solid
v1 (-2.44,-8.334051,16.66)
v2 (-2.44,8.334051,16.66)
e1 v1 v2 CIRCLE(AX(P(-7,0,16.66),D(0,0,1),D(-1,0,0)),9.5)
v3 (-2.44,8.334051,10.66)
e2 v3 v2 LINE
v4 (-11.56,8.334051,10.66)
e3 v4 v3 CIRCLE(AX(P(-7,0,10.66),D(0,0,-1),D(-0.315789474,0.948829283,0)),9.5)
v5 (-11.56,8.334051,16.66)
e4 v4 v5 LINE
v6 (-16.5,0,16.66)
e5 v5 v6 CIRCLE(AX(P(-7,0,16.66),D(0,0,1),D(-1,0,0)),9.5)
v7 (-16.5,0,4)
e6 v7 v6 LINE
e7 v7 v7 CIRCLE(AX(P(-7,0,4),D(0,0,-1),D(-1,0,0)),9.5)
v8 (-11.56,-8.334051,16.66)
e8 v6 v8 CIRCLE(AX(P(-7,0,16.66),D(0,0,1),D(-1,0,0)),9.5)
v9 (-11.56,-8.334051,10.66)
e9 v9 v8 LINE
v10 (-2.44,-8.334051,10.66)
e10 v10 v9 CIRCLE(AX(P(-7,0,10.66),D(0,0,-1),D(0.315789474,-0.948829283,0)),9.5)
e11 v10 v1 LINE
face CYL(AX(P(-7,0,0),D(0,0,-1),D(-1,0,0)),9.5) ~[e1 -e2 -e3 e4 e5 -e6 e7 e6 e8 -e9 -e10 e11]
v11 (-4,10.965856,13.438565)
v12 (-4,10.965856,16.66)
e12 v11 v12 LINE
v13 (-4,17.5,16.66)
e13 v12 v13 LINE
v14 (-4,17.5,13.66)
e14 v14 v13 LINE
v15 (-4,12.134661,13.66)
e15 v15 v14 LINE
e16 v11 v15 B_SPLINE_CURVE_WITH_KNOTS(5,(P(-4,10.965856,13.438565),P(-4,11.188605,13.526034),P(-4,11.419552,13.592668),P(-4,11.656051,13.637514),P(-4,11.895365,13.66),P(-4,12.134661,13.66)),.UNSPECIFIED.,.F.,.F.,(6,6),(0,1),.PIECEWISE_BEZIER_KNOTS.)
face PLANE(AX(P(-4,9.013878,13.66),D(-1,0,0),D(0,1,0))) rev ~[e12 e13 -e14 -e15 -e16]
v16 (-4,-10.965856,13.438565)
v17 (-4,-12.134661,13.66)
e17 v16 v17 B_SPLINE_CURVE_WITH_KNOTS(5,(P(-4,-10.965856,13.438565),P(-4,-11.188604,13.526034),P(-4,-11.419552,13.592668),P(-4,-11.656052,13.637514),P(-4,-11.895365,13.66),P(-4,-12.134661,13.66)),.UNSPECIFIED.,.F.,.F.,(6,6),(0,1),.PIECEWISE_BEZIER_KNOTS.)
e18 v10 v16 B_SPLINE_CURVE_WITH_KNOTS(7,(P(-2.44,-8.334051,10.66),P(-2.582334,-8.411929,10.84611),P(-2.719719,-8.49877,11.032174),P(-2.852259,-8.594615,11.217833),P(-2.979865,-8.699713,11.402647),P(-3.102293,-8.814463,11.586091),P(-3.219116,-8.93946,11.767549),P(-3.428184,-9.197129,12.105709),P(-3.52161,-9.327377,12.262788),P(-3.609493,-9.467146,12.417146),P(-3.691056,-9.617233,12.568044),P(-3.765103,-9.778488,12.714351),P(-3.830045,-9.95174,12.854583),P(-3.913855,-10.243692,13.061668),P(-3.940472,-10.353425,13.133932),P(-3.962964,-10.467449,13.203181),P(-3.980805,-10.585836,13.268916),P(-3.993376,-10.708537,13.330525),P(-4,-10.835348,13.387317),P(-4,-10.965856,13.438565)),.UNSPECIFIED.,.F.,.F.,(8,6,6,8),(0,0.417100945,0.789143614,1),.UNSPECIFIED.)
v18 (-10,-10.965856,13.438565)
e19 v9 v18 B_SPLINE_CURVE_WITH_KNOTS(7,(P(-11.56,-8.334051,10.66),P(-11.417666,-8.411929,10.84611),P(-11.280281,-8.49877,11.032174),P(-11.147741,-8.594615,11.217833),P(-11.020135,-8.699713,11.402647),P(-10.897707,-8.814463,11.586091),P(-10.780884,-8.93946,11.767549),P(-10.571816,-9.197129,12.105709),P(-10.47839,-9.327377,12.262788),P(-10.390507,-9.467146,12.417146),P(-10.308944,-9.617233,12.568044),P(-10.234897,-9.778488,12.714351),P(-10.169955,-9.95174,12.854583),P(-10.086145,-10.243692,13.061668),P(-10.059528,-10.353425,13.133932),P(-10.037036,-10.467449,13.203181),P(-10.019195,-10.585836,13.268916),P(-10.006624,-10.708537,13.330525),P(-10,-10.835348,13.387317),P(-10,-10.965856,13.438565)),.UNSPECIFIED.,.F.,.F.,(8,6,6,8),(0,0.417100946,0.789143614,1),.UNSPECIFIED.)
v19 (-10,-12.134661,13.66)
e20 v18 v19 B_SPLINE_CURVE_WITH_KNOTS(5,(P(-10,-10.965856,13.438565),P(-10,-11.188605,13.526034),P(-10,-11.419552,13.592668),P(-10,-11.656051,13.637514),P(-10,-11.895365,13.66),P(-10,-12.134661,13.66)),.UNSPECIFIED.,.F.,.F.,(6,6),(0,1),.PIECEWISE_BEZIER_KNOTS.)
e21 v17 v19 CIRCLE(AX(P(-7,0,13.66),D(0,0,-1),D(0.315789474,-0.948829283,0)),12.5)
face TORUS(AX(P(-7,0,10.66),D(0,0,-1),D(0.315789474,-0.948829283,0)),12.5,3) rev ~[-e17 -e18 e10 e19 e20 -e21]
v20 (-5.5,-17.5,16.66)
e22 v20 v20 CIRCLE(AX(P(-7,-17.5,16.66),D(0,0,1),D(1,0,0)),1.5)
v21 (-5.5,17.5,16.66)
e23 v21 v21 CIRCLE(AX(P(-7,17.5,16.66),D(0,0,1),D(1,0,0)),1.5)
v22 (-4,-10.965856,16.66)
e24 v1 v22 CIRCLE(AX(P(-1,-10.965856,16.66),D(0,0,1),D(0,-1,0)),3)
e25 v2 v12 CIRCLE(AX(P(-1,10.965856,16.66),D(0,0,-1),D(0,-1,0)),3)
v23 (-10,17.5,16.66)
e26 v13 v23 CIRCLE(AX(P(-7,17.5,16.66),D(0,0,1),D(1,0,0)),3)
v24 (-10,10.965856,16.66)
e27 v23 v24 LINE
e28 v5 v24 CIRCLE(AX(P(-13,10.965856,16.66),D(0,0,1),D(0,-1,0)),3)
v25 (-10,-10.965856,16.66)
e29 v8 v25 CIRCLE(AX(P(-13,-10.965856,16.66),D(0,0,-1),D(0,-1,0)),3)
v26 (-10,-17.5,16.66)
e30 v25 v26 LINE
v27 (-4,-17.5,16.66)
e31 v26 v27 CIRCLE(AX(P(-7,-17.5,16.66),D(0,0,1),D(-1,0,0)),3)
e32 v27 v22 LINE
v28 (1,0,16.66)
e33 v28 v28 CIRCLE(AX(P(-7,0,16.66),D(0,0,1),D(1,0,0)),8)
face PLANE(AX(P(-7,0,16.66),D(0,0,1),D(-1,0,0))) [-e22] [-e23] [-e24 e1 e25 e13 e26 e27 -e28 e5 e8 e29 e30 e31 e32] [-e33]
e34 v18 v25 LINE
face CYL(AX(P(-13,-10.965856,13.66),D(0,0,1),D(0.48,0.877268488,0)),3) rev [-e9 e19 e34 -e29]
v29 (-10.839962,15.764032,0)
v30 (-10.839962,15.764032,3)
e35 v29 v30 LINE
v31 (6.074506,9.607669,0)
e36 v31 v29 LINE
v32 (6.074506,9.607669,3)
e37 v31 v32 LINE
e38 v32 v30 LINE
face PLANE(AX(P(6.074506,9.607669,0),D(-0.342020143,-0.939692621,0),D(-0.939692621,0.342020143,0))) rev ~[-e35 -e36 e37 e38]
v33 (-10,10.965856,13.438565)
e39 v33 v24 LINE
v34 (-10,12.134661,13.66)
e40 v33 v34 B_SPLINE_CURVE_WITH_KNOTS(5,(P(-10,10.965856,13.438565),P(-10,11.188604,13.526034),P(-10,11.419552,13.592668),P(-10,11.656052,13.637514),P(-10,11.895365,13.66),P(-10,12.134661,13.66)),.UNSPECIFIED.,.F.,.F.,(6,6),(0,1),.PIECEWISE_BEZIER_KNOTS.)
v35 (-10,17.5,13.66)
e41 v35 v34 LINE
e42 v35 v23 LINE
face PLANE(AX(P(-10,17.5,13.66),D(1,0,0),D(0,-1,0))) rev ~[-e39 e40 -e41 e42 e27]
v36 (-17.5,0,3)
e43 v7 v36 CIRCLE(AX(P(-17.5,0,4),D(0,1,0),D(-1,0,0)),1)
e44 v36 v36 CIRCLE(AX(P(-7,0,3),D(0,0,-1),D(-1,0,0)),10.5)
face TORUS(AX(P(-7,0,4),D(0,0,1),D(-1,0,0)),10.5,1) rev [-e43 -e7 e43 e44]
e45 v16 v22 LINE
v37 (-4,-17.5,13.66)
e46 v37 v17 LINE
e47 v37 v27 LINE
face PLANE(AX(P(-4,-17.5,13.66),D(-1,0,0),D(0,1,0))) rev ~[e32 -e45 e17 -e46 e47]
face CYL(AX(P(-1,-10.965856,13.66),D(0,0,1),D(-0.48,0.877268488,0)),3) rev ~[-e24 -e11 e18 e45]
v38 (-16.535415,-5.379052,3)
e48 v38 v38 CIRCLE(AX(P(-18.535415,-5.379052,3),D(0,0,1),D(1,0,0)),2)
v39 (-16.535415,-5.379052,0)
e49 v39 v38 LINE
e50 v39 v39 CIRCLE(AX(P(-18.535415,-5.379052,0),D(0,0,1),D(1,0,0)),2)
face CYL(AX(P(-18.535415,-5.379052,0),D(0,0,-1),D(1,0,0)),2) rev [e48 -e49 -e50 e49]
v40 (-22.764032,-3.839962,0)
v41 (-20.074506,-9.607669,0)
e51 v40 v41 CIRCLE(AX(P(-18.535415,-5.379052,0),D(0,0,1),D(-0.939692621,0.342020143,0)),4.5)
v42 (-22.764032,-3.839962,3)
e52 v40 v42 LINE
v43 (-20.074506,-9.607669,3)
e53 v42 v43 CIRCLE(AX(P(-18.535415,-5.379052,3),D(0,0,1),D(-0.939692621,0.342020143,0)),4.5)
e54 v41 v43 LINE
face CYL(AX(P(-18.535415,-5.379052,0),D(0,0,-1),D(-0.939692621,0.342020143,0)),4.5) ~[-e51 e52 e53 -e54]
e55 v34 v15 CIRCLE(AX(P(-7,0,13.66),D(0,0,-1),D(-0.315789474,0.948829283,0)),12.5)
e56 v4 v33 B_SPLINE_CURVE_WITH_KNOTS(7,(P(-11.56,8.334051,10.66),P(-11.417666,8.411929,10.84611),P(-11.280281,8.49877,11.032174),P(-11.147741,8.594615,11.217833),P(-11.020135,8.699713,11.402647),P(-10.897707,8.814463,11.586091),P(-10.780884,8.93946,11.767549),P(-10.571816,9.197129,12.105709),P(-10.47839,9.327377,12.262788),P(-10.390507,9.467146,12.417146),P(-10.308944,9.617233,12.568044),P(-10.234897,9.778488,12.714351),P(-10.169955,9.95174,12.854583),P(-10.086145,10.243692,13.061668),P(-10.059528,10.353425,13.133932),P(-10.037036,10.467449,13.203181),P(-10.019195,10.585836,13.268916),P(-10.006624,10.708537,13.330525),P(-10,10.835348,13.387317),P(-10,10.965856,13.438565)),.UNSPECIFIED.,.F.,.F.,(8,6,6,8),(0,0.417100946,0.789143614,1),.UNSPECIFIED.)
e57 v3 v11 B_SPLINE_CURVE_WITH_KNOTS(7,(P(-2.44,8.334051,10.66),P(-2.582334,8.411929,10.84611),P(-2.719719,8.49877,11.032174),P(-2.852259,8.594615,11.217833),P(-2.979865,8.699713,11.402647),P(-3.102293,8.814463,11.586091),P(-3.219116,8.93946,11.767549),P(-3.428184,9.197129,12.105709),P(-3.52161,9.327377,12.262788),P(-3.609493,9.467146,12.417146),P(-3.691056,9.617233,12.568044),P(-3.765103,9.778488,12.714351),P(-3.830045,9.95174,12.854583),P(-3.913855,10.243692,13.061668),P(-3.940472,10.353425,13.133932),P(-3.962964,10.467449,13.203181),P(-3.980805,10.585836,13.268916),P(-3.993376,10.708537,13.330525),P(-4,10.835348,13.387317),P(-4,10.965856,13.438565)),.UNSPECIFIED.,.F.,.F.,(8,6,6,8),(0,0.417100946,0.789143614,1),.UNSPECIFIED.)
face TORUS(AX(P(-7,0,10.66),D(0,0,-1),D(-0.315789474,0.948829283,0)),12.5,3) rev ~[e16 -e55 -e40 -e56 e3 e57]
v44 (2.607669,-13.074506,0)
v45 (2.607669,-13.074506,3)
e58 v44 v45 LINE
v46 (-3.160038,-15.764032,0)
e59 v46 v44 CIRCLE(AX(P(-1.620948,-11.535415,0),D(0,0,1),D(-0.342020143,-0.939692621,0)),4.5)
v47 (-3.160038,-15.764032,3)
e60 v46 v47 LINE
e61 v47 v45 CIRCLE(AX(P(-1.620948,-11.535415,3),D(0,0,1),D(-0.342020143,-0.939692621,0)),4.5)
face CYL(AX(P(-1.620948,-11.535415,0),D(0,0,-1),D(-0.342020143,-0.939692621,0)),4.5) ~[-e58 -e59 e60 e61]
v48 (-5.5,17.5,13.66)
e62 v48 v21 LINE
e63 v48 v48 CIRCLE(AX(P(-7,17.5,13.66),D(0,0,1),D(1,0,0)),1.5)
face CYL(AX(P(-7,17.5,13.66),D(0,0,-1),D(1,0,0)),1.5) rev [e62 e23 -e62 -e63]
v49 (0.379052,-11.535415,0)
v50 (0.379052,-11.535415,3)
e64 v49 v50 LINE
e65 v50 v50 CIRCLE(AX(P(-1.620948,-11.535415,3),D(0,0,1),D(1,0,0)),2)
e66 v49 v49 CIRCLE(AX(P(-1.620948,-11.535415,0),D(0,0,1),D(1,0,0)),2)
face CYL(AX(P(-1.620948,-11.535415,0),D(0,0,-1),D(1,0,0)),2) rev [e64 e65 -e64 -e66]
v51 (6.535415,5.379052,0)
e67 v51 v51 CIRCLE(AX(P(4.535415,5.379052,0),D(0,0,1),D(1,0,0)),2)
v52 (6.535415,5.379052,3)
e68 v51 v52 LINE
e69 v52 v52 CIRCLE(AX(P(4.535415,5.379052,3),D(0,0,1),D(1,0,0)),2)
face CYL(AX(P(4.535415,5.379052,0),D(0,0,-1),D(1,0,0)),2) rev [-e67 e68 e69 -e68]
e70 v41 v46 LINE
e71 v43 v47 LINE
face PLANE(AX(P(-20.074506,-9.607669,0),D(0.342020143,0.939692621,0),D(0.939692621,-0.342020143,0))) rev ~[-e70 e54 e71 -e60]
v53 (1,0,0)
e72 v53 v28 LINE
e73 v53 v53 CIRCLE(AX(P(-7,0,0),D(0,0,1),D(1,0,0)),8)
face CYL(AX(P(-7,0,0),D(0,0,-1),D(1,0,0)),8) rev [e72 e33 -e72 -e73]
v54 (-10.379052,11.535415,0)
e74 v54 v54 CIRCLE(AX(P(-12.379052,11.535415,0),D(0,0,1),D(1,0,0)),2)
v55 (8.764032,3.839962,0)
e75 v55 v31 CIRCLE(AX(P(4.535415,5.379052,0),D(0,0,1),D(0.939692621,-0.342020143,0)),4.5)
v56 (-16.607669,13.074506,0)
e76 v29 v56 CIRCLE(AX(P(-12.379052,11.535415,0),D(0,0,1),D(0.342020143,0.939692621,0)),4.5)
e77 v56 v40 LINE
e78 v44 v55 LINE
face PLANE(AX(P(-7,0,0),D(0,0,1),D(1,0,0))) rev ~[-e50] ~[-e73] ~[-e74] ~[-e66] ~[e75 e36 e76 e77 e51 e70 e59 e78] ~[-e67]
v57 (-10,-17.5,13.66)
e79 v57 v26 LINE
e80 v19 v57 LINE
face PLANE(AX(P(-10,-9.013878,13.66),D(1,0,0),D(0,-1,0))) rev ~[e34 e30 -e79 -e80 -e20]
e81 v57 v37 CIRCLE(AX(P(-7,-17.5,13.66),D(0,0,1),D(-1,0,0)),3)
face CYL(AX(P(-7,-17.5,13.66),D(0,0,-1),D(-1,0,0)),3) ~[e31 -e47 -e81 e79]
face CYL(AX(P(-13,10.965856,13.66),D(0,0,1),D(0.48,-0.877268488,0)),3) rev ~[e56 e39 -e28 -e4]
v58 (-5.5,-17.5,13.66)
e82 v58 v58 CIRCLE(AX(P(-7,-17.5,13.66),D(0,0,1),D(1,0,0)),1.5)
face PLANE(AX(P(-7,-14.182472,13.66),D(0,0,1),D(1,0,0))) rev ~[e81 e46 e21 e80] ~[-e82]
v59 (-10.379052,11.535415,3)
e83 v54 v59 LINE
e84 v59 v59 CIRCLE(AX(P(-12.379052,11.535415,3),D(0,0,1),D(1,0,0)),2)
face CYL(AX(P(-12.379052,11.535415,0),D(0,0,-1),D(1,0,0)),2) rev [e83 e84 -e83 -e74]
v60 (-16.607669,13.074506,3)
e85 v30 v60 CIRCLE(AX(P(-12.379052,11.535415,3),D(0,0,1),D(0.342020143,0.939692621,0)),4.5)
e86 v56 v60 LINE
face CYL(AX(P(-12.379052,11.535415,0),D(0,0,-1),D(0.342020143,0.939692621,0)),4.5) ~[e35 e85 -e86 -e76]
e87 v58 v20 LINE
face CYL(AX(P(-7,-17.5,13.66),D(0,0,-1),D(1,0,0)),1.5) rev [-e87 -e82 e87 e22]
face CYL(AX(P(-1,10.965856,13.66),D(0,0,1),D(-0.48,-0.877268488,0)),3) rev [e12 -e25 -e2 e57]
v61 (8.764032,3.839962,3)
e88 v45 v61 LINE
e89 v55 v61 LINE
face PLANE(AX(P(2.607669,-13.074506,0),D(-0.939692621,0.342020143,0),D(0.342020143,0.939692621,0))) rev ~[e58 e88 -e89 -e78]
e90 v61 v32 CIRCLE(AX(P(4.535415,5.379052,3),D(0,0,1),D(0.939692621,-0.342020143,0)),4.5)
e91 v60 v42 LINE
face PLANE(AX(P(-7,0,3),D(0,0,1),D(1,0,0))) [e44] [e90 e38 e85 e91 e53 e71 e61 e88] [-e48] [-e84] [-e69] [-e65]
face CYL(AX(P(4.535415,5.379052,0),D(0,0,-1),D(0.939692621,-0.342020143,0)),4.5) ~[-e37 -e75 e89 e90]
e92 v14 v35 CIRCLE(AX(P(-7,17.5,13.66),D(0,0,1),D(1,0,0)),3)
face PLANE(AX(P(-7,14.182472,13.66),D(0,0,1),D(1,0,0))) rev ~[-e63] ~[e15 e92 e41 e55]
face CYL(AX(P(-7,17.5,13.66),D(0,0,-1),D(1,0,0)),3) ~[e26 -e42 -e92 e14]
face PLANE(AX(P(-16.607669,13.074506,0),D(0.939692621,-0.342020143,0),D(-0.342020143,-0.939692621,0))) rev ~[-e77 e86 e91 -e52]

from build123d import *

# Parameters (mm, degrees)
SKETCH1_R           = 8
SKETCH1_R_2         = 2
BOSS_EXTRUDE1_DEPTH = 3
SKETCH2_R           = 9.5
SKETCH2_R_2         = 8
BOSS_EXTRUDE2_DEPTH = 16.66
BOSS_EXTRUDE3_START = -3
SKETCH3_R           = 1.5
BOSS_EXTRUDE3_DEPTH = 3
FILLET1_R           = 3
FILLET2_R           = 1


with BuildPart() as part:
    # Sketch1 → Boss-Extrude1 (new body)
    with BuildSketch(Plane.XY):
        with BuildLine():
            Line((-20.074505522, -9.607669091), (-3.160038348, -15.764031671))
            ThreePointArc((-3.160038348, -15.764031671), (0.280834475, -15.613799919), (2.607669091, -13.074505522))
            Line((2.607669091, -13.074505522), (8.764031671, 3.839961652))
            ThreePointArc((8.764031671, 3.839961652), (8.613799919, 7.280834475), (6.074505522, 9.607669091))
            Line((6.074505522, 9.607669091), (-10.839961652, 15.764031671))
            ThreePointArc((-10.839961652, 15.764031671), (-14.280834475, 15.613799919), (-16.607669091, 13.074505522))
            Line((-16.607669091, 13.074505522), (-22.764031671, -3.839961652))
            ThreePointArc((-22.764031671, -3.839961652), (-22.613799919, -7.280834475), (-20.074505522, -9.607669091))
        make_face()
        with Locations((-7, 0)):
            Circle(SKETCH1_R, mode=Mode.SUBTRACT)
        with Locations((-12.379052297, 11.535414877)):
            Circle(SKETCH1_R_2, mode=Mode.SUBTRACT)
        with Locations((4.535414877, 5.379052297)):
            Circle(SKETCH1_R_2, mode=Mode.SUBTRACT)
        with Locations((-1.620947703, -11.535414877)):
            Circle(SKETCH1_R_2, mode=Mode.SUBTRACT)
        with Locations((-18.535414877, -5.379052297)):
            Circle(SKETCH1_R_2, mode=Mode.SUBTRACT)
    extrude(amount=BOSS_EXTRUDE1_DEPTH)

    # Sketch2 → Boss-Extrude2 (add)
    with BuildSketch(Plane.XY):
        with Locations(Location((-7, 0, 0), (0, 0, 180))):
            Circle(SKETCH2_R)
        with Locations((-7, 0)):
            Circle(SKETCH2_R_2, mode=Mode.SUBTRACT)
    extrude(amount=BOSS_EXTRUDE2_DEPTH)

    # Sketch3 → Boss-Extrude3 (add)
    # profile 1 of 2: a face of its own
    with BuildSketch(Plane.XY.offset(16.66).offset(BOSS_EXTRUDE3_START)):
        with BuildLine():
            Line((-4, 9.013878189), (-4, 17.5))
            ThreePointArc((-4, 17.5), (-7, 20.5), (-10, 17.5))
            Line((-10, 17.5), (-10, 9.013878189))
            ThreePointArc((-10, 9.013878189), (-7, 9.5), (-4, 9.013878189))
        make_face()
        with Locations((-7, 17.5)):
            Circle(SKETCH3_R, mode=Mode.SUBTRACT)
    # profile 2 of 2: a face of its own
    with BuildSketch(Plane.XY.offset(16.66).offset(BOSS_EXTRUDE3_START)):
        with BuildLine():
            Line((-10, -9.013878189), (-10, -17.5))
            ThreePointArc((-10, -17.5), (-7, -20.5), (-4, -17.5))
            Line((-4, -17.5), (-4, -9.013878189))
            ThreePointArc((-4, -9.013878189), (-7, -9.5), (-10, -9.013878189))
        make_face()
        with Locations((-7, -17.5)):
            Circle(SKETCH3_R, mode=Mode.SUBTRACT)
    extrude(amount=BOSS_EXTRUDE3_DEPTH)

    # Fillet1
    fillet1_edges = [part.edges().sort_by_distance(p)[0] for p in [
        (-10, -9.013878189, 15.16),
        (-4, -9.013878189, 15.16),
        (-7, -9.5, 13.66),
        (-4, 9.013878189, 15.16),
        (-10, 9.013878189, 15.16),
        (-7, 9.5, 13.66),
    ]]
    fillet(fillet1_edges, radius=FILLET1_R)

    # Fillet2
    fillet2_edges = [part.edges().sort_by_distance(p)[0] for p in [
        (2.5, 0, 3),
    ]]
    fillet(fillet2_edges, radius=FILLET2_R)


solid = part.part
